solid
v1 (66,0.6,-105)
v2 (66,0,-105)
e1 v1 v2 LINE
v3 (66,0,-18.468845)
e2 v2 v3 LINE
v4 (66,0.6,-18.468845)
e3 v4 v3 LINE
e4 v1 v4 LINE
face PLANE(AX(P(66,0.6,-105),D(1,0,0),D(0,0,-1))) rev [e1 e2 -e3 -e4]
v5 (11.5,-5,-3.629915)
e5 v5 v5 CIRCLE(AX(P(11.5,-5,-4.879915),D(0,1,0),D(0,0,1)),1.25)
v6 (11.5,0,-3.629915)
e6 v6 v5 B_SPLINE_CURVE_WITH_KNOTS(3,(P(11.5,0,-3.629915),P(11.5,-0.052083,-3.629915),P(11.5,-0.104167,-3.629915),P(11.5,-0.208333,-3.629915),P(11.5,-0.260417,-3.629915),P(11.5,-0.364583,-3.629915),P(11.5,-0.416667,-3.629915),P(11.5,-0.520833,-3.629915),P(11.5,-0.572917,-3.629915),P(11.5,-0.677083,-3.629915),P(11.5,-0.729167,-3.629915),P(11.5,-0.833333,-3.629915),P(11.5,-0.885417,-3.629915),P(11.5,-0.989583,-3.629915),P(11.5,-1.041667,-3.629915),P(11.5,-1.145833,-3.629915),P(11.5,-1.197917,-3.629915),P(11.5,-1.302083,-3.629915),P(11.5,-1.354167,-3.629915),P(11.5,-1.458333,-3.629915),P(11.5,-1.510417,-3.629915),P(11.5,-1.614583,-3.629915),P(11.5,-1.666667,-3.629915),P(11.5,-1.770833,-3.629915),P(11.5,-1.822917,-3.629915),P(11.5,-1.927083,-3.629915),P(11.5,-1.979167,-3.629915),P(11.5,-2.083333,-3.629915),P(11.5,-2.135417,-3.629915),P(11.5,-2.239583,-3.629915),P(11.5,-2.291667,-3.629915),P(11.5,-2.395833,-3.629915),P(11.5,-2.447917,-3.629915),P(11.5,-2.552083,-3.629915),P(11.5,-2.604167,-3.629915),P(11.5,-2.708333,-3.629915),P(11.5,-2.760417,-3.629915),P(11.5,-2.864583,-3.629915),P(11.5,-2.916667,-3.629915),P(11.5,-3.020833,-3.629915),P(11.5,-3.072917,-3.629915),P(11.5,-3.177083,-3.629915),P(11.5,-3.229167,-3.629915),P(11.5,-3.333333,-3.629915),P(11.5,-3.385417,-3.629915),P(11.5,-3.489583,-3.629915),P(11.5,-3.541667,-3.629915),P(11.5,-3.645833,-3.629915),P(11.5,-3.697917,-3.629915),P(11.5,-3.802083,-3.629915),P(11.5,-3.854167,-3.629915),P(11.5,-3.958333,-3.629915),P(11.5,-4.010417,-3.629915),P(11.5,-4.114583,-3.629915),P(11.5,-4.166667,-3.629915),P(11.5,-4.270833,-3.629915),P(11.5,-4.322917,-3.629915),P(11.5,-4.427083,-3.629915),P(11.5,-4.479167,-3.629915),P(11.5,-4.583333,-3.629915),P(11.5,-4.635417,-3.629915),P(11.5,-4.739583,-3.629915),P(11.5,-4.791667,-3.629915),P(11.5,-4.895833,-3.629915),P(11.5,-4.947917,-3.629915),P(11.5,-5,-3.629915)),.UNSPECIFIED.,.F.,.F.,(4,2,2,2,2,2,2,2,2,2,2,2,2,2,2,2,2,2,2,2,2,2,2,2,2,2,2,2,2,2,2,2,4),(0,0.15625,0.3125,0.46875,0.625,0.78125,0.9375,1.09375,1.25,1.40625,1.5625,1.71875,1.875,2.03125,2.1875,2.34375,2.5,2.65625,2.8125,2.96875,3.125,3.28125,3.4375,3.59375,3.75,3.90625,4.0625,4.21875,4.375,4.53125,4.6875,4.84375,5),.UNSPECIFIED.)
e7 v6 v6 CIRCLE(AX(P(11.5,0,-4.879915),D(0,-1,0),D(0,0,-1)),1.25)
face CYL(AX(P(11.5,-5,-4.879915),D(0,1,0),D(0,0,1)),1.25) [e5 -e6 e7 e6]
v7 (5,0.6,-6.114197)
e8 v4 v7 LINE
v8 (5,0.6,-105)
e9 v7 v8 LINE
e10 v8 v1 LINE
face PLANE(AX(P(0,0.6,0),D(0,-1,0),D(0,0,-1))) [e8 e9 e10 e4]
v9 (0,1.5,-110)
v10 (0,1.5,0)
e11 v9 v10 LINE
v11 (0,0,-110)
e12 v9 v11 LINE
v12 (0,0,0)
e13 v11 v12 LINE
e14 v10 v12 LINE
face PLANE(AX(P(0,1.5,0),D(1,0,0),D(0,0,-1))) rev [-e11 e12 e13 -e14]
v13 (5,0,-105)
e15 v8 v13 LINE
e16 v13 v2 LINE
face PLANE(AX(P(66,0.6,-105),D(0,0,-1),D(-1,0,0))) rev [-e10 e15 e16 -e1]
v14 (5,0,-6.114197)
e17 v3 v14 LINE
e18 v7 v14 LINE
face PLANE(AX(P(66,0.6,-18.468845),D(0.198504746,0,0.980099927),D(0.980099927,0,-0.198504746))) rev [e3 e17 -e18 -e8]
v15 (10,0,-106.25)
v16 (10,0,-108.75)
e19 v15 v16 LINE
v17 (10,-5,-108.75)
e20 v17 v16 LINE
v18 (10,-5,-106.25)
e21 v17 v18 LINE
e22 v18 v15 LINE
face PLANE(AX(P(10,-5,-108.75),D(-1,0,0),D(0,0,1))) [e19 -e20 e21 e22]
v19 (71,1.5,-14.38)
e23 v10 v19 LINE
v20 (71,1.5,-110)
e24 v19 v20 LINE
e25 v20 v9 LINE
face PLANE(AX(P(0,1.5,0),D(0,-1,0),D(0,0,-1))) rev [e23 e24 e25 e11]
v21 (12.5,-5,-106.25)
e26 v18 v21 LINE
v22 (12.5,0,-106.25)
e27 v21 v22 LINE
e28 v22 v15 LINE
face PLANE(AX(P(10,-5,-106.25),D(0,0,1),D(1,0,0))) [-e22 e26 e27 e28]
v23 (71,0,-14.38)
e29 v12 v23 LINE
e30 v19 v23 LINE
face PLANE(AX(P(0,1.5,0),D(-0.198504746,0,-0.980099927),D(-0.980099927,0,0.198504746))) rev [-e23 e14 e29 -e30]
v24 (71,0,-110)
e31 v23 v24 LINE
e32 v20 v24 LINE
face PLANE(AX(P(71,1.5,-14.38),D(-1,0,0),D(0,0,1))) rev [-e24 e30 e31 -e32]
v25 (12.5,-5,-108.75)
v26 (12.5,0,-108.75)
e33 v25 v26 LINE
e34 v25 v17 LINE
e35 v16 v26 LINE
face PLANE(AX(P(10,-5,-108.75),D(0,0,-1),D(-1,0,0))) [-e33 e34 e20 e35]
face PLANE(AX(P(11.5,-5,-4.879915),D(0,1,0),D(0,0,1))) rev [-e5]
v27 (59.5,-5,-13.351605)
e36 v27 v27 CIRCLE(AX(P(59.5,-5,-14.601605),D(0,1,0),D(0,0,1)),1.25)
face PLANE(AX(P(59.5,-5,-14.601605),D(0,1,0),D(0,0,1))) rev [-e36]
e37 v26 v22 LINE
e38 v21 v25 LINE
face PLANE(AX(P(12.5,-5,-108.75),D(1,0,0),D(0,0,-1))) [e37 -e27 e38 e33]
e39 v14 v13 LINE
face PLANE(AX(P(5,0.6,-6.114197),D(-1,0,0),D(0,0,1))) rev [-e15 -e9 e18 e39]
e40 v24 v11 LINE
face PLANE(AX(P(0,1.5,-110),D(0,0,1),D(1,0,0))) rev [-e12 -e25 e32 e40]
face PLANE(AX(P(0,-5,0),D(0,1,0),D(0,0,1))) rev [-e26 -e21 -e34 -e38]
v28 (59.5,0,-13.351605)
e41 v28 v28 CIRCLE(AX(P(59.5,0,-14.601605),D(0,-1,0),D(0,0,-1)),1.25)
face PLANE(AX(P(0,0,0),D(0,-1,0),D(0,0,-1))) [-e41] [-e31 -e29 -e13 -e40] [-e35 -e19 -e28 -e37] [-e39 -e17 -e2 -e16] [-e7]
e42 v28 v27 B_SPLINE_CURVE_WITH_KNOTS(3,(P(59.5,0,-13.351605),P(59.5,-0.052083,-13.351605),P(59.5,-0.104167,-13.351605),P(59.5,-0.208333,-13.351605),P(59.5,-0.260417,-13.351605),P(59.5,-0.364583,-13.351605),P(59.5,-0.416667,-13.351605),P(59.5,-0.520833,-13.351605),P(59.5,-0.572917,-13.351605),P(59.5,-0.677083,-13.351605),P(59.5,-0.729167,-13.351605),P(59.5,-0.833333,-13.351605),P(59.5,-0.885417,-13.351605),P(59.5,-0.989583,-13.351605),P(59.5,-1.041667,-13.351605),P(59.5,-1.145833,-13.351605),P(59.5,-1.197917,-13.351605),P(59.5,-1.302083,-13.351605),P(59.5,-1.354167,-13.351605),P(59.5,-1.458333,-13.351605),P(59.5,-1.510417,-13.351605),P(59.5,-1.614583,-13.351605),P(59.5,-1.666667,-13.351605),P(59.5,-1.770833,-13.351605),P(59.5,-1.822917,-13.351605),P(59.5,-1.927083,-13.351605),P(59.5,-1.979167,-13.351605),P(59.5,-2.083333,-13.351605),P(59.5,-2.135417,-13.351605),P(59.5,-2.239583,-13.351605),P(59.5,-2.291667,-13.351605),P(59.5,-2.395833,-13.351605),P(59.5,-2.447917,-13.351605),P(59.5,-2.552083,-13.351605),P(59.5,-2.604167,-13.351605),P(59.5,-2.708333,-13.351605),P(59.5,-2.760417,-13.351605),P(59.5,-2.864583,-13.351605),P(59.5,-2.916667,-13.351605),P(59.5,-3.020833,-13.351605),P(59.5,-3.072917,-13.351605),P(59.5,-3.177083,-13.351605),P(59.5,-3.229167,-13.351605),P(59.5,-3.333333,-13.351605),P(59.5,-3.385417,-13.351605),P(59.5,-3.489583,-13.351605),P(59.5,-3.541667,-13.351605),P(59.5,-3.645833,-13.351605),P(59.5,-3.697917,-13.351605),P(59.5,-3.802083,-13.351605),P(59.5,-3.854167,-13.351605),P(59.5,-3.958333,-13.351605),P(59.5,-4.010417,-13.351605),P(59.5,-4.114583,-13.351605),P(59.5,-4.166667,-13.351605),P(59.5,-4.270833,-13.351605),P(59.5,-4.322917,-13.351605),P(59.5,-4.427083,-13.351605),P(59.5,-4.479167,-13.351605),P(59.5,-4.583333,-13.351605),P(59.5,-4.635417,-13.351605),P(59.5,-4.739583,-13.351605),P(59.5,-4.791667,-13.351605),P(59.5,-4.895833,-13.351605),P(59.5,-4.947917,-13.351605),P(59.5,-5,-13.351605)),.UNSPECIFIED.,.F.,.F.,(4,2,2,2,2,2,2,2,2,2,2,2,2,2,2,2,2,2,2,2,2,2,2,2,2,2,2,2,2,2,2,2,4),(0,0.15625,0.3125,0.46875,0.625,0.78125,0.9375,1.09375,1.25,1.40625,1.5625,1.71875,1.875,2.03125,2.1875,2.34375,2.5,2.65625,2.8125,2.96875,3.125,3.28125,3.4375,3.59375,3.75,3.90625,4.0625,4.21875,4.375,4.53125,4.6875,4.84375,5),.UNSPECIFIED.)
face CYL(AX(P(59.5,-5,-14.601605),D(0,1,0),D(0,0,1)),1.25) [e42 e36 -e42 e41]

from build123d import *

# Parameters (mm, degrees)
BOSS_EXTRUDE1_DEPTH = 1.5
SKETCH2_R           = 1.25
SKETCH2_W           = 2.5
SKETCH2_H           = 2.5
BOSS_EXTRUDE2_DEPTH = 6.5
CUT_EXTRUDE1_DEPTH  = 0.6


with BuildPart() as part:
    # Sketch1 → Boss-Extrude1 (new body)
    with BuildSketch(Plane(origin=(0, 0, 0), x_dir=(1, 0, 0), z_dir=(0, 1, 0))):
        Polygon((0, 0), (71, 14.38), (71, 110), (0, 110), align=None)
    extrude(amount=BOSS_EXTRUDE1_DEPTH)

    # Sketch2 → Boss-Extrude2 (add)
    with BuildSketch(Plane(origin=(0, 1.5, 0), x_dir=(1, 0, 0), z_dir=(0, 1, 0))):
        with Locations(Location((11.5, 4.879915247, 0), (0, 0, 270))):
            Circle(SKETCH2_R)
        with Locations(Location((59.5, 14.601605388, 0), (0, 0, 270))):
            Circle(SKETCH2_R)
        with Locations((11.25, 107.5)):
            Rectangle(SKETCH2_W, SKETCH2_H)
    extrude(amount=-BOSS_EXTRUDE2_DEPTH)

    # Sketch3 → Cut-Extrude1 (cut)
    with BuildSketch(Plane(origin=(0, 0, 0), x_dir=(-1, 0, 0), z_dir=(0, -1, 0))):
        Polygon((-66, 105), (-66, 18.468844579), (-5, 6.114196692), (-5, 105), align=None)
    extrude(amount=-CUT_EXTRUDE1_DEPTH, mode=Mode.SUBTRACT)


solid = part.part
